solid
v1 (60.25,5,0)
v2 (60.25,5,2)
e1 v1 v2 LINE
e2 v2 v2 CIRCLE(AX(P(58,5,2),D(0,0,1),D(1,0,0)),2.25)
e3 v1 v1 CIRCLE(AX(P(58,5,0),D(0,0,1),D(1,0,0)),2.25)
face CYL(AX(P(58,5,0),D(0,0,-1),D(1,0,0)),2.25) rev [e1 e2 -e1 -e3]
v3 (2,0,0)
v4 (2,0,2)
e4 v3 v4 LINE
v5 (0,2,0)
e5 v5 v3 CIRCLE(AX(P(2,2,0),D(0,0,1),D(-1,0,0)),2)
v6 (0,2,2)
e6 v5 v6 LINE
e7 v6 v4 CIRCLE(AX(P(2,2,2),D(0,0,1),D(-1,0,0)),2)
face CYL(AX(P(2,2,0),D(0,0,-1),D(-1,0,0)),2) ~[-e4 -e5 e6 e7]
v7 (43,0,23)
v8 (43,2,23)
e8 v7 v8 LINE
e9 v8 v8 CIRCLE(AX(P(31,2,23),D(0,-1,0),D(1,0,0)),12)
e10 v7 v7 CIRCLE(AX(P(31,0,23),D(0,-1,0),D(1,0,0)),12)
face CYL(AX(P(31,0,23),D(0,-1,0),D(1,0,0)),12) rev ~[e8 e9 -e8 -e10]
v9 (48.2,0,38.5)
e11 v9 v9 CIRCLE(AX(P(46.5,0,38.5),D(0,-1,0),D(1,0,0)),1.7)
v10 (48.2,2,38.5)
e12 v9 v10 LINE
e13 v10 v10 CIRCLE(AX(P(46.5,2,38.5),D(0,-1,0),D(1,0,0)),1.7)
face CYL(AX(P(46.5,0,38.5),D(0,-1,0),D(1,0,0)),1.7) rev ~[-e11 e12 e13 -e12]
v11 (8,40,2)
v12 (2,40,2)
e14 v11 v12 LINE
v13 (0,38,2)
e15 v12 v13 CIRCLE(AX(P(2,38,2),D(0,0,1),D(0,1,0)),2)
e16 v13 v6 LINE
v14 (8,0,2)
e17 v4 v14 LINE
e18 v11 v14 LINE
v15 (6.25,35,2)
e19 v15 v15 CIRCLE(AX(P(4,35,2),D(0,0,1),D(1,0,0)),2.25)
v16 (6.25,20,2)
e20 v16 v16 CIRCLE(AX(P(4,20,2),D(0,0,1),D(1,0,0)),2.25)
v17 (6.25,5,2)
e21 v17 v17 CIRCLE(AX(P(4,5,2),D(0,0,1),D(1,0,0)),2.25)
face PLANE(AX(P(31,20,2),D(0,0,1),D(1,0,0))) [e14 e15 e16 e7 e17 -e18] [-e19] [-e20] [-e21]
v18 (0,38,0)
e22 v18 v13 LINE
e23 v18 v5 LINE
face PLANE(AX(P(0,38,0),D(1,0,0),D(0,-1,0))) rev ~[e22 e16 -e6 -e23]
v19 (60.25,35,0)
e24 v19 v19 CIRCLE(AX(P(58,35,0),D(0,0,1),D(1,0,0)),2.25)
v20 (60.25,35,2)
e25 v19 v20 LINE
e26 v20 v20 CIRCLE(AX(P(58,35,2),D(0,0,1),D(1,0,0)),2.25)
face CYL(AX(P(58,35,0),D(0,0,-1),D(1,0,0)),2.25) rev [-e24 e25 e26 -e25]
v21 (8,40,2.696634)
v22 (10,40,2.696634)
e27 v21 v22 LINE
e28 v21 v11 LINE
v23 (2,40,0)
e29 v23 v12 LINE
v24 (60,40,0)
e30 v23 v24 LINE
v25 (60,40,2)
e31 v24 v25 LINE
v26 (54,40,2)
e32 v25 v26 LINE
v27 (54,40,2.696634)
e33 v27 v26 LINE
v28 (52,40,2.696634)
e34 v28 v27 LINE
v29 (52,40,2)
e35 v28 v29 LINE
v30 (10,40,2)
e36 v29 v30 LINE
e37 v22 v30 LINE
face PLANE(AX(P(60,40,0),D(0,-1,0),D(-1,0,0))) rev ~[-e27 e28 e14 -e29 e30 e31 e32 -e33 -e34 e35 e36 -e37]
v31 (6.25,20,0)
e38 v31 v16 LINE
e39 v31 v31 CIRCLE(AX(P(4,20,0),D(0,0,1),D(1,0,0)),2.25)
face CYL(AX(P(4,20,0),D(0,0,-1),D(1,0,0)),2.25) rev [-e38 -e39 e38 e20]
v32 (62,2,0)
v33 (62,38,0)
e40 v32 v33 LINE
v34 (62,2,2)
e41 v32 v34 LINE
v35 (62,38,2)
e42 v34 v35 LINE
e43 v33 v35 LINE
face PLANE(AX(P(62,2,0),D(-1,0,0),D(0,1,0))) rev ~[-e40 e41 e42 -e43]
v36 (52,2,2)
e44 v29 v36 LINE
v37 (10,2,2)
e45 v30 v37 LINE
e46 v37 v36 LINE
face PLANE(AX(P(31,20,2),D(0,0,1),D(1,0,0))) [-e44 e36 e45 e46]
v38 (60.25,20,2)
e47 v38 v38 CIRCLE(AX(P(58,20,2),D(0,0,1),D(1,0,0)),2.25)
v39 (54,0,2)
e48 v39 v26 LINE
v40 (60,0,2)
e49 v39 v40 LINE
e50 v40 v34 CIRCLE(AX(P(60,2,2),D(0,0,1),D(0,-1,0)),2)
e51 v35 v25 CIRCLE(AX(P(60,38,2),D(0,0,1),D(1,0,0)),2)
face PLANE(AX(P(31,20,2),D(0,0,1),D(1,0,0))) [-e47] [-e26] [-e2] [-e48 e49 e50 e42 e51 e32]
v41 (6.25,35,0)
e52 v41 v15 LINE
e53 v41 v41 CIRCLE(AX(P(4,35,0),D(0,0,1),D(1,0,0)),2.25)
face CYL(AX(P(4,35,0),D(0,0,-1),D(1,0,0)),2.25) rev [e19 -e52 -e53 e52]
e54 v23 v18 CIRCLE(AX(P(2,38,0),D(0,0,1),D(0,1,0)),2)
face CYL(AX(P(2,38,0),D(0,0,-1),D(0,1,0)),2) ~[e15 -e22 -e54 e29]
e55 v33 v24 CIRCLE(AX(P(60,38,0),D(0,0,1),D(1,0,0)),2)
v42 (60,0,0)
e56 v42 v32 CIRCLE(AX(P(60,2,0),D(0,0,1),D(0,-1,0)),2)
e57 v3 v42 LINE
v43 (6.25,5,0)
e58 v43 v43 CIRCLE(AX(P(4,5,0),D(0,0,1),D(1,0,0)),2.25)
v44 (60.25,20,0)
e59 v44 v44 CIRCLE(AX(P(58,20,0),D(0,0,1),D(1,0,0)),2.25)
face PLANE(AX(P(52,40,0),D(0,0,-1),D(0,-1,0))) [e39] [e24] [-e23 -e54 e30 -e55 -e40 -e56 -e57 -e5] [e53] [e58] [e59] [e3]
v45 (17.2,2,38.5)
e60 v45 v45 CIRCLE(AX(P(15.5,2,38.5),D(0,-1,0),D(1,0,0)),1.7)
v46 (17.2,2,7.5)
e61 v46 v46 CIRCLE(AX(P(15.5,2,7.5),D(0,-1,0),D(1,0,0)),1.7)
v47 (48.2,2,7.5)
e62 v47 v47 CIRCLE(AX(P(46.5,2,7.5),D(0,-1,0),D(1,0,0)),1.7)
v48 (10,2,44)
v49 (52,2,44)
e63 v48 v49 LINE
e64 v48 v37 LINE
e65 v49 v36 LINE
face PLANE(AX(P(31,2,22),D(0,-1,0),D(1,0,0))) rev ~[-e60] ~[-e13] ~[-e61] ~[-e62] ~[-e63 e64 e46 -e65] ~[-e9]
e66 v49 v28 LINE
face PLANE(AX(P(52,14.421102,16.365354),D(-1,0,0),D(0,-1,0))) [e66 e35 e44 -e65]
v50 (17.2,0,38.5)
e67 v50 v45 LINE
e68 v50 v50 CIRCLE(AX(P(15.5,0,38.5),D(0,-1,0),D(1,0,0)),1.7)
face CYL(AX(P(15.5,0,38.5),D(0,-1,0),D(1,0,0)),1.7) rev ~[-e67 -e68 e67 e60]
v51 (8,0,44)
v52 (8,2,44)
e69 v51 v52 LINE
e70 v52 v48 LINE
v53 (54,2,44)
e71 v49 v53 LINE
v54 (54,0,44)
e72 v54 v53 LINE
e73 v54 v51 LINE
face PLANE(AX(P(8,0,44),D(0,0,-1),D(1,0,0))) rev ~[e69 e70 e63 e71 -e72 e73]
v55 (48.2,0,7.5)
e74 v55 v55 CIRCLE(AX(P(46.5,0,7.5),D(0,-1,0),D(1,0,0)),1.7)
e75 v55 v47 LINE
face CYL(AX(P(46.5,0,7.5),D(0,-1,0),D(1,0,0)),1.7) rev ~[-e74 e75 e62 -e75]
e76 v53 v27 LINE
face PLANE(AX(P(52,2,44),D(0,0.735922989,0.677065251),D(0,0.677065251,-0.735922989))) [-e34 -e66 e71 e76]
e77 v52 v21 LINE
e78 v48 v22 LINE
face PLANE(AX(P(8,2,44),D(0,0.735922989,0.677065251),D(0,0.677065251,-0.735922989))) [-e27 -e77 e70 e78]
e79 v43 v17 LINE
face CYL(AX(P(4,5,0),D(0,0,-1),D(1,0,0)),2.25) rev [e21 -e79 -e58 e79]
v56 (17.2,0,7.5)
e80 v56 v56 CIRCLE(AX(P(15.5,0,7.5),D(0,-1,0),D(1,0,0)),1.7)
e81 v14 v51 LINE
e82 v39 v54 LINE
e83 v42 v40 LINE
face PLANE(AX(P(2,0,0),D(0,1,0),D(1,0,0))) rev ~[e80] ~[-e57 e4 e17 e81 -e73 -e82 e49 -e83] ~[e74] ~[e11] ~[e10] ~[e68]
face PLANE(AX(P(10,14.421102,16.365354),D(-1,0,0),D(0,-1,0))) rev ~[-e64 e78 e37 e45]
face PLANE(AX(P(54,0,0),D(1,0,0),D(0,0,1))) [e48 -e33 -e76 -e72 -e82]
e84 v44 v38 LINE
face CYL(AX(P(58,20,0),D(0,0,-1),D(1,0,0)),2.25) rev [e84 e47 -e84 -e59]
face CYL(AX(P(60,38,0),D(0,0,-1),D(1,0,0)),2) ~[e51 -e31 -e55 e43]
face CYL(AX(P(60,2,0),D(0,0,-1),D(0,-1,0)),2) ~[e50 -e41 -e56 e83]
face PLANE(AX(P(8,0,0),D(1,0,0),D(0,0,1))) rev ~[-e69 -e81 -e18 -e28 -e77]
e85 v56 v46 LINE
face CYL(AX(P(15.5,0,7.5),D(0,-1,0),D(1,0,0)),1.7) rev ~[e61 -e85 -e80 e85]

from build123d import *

# Parameters (mm, degrees)
F0_R     = 2.25
F1_DEPTH = 2
F2_W     = 46
F2_H     = 44
F2_R     = 1.7
F2_R_2   = 12
F3_DEPTH = 2
F5_DEPTH = 2
F6_START = -44
F6_DEPTH = 2


with BuildPart() as f1:
    # F0 (on Top) → F1 (new body)
    with BuildSketch(Plane.XY):
        with BuildLine():
            ThreePointArc((0, 2), (0.5857864376, 0.5857864376), (2, 0))
            Line((2, 0), (60, 0))
            ThreePointArc((60, 0), (61.4142135624, 0.5857864376), (62, 2))
            Line((62, 2), (62, 38))
            ThreePointArc((62, 38), (61.4142135624, 39.4142135624), (60, 40))
            Line((60, 40), (2, 40))
            ThreePointArc((2, 40), (0.5857864376, 39.4142135624), (0, 38))
            Line((0, 38), (0, 2))
        make_face()
        with Locations((4, 5)):
            Circle(F0_R, mode=Mode.SUBTRACT)
        with Locations((58, 5)):
            Circle(F0_R, mode=Mode.SUBTRACT)
        with Locations((4, 20)):
            Circle(F0_R, mode=Mode.SUBTRACT)
        with Locations((4, 35)):
            Circle(F0_R, mode=Mode.SUBTRACT)
        with Locations((58, 20)):
            Circle(F0_R, mode=Mode.SUBTRACT)
        with Locations((58, 35)):
            Circle(F0_R, mode=Mode.SUBTRACT)
    extrude(amount=F1_DEPTH)

    # F2 (on Front) → F3 (join)
    with BuildSketch(Plane.XZ):
        with Locations((31, 22)):
            Rectangle(F2_W, F2_H)
        with Locations((15.5, 7.5)):
            Circle(F2_R, mode=Mode.SUBTRACT)
        with Locations((46.5, 7.5)):
            Circle(F2_R, mode=Mode.SUBTRACT)
        with Locations((15.5, 38.5)):
            Circle(F2_R, mode=Mode.SUBTRACT)
        with Locations((31, 23)):
            Circle(F2_R_2, mode=Mode.SUBTRACT)
        with Locations((46.5, 38.5)):
            Circle(F2_R, mode=Mode.SUBTRACT)
    extrude(amount=-F3_DEPTH)

    # F4 (on face) → F5 (join)
    with BuildSketch(Plane(origin=(8, 0, 0), x_dir=(0, -1, 0), z_dir=(-1, 0, 0))):
        Polygon((0, 44), (-2, 44), (-40, 2.6966344009), (-40, 0), (0, 0), align=None)
    extrude(amount=-F5_DEPTH)

    # F4 (on face) → F6 (join)
    with BuildSketch(Plane(origin=(8, 0, 0), x_dir=(0, -1, 0), z_dir=(-1, 0, 0)).offset(F6_START)):
        Polygon((0, 44), (-2, 44), (-40, 2.6966344009), (-40, 0), (0, 0), align=None)
    extrude(amount=-F6_DEPTH)


solid = f1.part
